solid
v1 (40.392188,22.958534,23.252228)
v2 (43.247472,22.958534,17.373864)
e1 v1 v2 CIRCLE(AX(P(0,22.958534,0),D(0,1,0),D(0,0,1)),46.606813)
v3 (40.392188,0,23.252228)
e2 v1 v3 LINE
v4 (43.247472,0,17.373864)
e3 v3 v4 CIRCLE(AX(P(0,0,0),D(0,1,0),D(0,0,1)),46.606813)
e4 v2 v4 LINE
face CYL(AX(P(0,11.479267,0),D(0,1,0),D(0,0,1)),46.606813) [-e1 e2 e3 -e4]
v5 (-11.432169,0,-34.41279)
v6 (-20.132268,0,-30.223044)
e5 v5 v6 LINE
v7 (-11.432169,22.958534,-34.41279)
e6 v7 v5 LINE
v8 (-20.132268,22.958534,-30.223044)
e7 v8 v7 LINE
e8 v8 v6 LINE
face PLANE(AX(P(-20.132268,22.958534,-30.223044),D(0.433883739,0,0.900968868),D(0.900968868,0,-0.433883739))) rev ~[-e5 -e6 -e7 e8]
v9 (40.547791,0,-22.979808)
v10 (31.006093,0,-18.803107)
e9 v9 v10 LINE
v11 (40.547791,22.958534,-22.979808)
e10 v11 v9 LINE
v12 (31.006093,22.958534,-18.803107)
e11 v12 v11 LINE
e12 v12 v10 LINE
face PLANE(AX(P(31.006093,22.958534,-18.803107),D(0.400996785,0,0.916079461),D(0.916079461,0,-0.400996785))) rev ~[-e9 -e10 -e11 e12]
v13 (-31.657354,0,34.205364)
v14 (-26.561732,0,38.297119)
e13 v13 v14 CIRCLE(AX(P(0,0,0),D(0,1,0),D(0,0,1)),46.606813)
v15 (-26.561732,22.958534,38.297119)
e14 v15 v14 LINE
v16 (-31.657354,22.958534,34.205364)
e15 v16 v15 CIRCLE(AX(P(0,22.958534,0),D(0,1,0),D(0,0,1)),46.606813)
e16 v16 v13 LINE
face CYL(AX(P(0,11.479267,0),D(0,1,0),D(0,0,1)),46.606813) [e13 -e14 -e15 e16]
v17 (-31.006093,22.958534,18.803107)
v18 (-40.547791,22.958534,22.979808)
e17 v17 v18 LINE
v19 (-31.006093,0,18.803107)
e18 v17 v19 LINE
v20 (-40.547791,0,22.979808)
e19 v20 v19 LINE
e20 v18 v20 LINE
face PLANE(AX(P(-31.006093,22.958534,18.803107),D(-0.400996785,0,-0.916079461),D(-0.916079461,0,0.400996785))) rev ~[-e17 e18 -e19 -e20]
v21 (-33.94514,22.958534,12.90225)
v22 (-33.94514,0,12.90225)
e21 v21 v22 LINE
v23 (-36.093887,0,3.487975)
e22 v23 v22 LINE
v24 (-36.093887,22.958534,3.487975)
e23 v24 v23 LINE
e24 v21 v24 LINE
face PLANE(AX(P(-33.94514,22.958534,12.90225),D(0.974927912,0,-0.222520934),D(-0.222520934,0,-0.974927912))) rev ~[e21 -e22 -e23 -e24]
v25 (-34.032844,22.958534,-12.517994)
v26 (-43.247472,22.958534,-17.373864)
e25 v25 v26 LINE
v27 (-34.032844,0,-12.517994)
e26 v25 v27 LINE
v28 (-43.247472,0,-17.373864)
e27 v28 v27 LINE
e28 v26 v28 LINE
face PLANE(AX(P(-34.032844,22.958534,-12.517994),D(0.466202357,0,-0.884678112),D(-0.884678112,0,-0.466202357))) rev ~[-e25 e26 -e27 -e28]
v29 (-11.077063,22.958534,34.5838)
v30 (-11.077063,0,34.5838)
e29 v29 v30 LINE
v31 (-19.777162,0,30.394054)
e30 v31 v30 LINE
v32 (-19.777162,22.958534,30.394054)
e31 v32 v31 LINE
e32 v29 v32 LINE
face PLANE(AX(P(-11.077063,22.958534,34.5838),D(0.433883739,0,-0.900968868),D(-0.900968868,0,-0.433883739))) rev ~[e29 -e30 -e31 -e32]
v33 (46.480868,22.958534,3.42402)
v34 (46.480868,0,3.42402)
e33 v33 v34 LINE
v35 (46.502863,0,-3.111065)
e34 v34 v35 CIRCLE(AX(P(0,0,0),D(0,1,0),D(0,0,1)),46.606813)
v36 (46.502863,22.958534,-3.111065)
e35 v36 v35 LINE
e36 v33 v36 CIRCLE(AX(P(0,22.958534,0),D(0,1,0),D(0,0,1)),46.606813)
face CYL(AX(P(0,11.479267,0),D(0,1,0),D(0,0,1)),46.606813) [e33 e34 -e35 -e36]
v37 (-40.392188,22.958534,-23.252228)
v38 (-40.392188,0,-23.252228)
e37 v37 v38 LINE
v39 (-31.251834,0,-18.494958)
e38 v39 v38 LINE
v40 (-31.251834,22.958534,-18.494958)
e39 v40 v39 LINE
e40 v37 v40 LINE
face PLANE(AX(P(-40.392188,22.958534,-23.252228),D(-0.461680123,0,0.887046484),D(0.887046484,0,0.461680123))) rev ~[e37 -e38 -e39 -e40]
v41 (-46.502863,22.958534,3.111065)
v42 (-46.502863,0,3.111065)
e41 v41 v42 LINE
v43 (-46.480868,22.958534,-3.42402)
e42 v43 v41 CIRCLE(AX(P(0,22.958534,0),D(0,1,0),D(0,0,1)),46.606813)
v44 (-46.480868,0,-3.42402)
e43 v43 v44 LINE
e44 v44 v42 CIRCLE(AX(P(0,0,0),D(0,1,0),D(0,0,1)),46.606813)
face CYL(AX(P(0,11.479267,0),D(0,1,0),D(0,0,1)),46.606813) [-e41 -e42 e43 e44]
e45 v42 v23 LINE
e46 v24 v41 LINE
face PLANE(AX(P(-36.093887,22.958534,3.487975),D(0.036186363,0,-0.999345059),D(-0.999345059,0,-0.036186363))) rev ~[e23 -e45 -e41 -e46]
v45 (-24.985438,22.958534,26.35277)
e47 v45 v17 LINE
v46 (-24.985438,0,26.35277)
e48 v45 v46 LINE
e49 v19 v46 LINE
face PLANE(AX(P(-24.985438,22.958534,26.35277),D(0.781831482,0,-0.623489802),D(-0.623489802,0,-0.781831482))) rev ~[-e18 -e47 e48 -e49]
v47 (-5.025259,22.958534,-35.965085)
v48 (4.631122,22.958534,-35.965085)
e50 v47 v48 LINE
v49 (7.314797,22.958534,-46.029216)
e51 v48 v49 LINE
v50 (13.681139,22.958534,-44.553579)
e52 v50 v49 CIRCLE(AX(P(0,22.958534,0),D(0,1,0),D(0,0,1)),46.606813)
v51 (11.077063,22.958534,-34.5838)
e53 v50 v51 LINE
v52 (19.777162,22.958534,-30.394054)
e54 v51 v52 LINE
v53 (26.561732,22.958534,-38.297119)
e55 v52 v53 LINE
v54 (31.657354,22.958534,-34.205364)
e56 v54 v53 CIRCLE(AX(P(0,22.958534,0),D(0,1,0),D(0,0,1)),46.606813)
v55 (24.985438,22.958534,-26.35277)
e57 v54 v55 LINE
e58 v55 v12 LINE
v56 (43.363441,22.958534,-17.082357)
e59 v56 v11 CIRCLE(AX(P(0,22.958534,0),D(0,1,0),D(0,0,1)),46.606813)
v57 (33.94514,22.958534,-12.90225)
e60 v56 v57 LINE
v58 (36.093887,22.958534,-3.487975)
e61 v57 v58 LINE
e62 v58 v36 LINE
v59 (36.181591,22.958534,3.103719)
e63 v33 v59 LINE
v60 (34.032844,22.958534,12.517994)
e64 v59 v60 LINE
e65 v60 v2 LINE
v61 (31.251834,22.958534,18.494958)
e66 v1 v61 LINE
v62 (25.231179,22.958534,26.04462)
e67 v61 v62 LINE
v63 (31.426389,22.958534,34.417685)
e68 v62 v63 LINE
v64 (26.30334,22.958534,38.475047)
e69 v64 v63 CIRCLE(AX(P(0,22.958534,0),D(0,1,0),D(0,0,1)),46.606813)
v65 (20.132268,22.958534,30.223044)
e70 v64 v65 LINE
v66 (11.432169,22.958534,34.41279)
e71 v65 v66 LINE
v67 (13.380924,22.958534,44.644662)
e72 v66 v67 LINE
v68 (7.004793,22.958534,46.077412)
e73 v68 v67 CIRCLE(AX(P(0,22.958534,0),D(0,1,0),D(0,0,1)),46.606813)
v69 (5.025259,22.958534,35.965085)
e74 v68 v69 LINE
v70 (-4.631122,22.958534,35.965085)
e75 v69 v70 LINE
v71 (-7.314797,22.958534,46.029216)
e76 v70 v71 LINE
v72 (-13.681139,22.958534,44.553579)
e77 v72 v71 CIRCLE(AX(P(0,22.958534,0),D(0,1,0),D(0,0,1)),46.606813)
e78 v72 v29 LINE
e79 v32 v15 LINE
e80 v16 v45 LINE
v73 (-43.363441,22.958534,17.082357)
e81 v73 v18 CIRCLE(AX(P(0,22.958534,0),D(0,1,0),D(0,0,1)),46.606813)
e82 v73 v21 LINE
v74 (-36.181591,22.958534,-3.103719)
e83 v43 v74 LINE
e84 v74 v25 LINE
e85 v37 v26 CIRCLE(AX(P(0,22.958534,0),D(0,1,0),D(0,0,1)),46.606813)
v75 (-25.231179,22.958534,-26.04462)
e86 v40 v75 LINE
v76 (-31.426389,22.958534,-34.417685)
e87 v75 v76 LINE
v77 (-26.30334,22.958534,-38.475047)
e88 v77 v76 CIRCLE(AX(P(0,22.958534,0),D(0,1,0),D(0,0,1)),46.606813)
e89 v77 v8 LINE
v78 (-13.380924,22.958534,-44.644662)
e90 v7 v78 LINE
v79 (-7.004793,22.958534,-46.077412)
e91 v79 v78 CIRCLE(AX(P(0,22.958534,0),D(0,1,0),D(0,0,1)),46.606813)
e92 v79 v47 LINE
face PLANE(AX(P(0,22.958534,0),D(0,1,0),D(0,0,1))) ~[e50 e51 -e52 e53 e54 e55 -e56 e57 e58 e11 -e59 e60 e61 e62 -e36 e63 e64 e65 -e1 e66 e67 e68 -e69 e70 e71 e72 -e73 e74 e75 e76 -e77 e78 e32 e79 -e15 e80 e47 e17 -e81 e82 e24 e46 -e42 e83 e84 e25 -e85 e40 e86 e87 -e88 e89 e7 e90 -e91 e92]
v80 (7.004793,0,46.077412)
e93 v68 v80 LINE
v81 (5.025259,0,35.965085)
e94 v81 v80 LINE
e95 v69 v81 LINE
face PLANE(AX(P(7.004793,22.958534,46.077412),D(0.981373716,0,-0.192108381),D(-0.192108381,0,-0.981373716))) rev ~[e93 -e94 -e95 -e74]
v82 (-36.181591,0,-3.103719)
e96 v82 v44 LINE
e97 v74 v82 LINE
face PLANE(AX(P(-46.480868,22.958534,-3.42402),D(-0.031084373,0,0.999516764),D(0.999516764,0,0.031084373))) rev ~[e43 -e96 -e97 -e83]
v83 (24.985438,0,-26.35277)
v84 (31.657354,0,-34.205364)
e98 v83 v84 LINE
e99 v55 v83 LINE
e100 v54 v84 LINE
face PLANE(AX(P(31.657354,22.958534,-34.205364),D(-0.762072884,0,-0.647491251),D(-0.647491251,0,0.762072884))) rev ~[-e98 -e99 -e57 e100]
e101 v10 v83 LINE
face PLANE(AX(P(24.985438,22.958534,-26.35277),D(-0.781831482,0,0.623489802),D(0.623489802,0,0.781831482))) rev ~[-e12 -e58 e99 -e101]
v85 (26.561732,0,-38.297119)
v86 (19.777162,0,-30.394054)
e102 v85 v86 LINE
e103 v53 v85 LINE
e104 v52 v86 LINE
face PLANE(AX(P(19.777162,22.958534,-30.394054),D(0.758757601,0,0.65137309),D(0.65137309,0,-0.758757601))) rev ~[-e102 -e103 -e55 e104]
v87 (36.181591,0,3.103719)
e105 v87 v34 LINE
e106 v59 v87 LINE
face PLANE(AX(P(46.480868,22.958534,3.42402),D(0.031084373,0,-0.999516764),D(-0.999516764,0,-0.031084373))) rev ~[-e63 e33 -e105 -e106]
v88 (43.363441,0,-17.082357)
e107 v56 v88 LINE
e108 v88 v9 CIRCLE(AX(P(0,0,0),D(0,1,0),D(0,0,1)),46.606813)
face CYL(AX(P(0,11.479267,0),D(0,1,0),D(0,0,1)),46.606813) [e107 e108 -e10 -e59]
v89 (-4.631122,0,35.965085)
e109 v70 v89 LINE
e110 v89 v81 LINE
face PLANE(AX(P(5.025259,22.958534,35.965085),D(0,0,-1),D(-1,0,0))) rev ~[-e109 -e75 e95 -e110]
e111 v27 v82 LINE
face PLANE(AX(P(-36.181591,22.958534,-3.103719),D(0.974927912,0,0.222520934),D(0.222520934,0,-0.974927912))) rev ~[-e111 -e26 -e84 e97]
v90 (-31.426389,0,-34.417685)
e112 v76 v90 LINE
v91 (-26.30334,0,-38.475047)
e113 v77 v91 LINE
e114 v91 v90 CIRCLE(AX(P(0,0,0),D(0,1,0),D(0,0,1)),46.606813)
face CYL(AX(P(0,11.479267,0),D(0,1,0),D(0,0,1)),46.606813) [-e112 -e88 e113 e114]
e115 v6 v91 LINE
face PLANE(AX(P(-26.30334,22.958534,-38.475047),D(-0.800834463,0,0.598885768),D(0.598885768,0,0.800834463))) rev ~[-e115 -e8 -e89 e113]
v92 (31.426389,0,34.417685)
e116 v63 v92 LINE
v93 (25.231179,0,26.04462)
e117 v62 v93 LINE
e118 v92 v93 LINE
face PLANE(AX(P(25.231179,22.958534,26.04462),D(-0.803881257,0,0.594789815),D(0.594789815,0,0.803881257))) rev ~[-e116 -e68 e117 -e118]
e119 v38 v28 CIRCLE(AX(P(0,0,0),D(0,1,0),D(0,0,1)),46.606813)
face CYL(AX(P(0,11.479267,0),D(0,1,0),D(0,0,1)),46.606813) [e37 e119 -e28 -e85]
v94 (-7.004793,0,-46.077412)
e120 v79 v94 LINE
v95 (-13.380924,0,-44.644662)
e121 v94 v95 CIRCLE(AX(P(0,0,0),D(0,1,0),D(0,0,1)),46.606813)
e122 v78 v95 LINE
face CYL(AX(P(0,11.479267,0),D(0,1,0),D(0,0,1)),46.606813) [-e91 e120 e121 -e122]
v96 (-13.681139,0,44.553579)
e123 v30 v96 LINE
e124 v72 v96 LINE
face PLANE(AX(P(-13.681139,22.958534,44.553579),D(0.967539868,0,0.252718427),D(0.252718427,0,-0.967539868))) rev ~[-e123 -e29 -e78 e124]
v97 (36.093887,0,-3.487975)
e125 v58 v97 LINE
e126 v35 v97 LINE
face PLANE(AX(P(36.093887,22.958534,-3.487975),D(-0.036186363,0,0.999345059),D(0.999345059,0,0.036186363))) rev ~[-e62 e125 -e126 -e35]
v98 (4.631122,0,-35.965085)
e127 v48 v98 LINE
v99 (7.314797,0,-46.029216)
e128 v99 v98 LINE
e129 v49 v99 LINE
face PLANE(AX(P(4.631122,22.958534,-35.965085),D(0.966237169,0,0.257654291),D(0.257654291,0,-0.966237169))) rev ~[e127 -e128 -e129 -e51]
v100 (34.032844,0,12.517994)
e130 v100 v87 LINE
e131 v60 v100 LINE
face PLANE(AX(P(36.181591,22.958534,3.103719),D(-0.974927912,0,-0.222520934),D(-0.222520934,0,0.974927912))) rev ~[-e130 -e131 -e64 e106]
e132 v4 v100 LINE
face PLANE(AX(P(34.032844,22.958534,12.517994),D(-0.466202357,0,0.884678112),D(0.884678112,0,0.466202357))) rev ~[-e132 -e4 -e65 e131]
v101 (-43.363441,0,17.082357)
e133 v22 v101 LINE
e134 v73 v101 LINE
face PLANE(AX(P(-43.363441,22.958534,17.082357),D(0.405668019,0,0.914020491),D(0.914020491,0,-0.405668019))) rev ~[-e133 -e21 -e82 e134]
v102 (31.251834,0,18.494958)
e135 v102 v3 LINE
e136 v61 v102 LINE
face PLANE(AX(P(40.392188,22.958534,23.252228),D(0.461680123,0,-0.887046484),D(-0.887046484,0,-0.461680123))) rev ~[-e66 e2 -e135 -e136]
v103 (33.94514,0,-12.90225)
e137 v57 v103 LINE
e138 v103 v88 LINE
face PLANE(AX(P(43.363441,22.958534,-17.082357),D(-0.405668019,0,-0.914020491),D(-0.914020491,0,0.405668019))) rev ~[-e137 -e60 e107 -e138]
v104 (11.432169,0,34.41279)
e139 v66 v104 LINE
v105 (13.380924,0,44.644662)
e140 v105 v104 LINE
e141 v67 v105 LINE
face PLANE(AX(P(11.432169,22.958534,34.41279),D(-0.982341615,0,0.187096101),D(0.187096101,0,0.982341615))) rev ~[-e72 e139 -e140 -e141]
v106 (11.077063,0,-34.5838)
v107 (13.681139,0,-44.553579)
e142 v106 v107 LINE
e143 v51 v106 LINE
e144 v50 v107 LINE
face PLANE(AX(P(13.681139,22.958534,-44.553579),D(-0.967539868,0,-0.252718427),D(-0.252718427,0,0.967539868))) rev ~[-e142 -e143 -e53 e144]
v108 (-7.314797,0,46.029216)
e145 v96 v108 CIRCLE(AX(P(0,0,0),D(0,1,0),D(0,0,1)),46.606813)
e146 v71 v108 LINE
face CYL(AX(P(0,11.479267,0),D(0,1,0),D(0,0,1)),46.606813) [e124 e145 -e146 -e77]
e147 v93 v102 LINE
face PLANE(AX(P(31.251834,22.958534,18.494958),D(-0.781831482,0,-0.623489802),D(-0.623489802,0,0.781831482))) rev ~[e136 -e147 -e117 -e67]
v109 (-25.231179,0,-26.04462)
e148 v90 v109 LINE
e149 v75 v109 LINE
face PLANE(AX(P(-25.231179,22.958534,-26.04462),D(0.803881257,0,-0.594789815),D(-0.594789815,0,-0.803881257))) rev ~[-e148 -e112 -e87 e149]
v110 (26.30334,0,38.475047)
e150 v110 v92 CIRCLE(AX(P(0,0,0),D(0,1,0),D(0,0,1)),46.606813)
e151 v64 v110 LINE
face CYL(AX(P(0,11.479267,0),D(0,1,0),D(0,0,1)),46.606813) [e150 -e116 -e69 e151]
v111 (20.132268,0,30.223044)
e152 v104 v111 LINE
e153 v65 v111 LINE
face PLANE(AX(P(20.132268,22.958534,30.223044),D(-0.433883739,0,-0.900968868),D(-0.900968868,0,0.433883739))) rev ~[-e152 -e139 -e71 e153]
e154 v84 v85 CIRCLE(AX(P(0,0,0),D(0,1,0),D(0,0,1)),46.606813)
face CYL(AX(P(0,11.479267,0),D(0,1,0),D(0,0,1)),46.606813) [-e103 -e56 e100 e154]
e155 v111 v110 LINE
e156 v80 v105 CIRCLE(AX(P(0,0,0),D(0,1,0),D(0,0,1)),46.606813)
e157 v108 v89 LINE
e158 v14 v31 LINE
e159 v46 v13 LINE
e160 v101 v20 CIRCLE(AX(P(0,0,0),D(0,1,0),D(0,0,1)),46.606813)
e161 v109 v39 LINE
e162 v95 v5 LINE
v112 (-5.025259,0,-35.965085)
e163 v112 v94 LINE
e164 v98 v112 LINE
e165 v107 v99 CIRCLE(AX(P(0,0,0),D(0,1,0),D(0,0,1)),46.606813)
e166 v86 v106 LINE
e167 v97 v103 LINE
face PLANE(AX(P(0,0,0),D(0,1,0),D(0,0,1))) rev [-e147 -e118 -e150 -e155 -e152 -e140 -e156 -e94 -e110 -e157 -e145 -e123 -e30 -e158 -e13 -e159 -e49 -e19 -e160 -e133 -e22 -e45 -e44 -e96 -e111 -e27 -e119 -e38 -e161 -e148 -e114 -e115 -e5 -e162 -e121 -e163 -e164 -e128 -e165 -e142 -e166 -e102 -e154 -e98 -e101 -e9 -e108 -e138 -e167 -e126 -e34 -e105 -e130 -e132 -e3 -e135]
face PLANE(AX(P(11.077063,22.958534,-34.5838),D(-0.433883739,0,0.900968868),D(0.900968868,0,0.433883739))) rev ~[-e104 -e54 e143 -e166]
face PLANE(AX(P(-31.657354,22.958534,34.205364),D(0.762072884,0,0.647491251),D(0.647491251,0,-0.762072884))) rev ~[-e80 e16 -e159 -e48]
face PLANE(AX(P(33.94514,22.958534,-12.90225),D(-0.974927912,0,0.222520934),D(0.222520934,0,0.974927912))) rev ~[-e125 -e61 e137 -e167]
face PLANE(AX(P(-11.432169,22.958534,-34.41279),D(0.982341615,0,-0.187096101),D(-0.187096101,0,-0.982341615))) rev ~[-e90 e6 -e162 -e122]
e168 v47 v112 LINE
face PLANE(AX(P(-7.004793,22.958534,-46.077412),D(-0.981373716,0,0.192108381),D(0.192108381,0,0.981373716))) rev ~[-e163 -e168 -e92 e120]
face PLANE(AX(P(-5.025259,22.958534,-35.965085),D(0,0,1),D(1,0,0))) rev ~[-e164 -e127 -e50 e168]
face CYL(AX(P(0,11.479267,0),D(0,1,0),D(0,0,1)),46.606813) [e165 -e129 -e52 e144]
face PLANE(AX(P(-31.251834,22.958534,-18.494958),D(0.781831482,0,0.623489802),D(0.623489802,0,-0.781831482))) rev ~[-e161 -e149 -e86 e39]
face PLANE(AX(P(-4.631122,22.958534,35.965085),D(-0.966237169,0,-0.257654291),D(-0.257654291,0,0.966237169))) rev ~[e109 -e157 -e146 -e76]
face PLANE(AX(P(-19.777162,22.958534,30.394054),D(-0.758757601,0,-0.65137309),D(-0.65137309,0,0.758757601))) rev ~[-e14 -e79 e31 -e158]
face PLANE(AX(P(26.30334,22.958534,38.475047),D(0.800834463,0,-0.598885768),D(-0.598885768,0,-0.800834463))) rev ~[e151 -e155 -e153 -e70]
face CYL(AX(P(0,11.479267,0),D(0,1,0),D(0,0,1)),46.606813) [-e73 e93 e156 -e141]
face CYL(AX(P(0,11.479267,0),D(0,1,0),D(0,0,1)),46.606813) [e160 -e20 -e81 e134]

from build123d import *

# Parameters (mm, degrees)
F0_W     = 22.9585338384
F0_H     = 46.6068126261
F3_DEPTH = 25.4
F4_COUNT = 14


with BuildPart() as f1:
    # F0 (on Right) → F1 (revolve)
    with BuildSketch(Plane.YZ):
        with Locations((11.4792669192, 23.3034063131)):
            Rectangle(F0_W, F0_H)
    revolve(axis=Axis((0, 11.4792669192, 0), (0, 1, 0)))

    # F2 (on face) → F3 (cut)
    with BuildSketch(Plane(origin=(0, 22.9585338384, 0), x_dir=(-1, 0, 0), z_dir=(0, 1, 0))):
        with BuildLine():
            ThreePointArc((7.3147966582, 46.0292160808), (0.1568637228, 46.6065486487), (-7.004793259, 46.0774115437))
            Line((-7.004793259, 46.0774115437), (-5.0252592191, 35.9650850296))
            Line((-5.0252592191, 35.9650850296), (0, 35.9650850296))
            Line((0, 35.9650850296), (4.6311216429, 35.9650850296))
            Line((4.6311216429, 35.9650850296), (7.3147966582, 46.0292160808))
        make_face()
    f3 = extrude(amount=-F3_DEPTH, mode=Mode.SUBTRACT)

    # F4: F3 ×14 about axis
    f4_axis = Axis((0, 11.4792669192, 0), (0, 1, 0))
    for i in range(1, F4_COUNT):
        add(f3.rotate(f4_axis, i * 360 / F4_COUNT), mode=Mode.SUBTRACT)


solid = f1.part
